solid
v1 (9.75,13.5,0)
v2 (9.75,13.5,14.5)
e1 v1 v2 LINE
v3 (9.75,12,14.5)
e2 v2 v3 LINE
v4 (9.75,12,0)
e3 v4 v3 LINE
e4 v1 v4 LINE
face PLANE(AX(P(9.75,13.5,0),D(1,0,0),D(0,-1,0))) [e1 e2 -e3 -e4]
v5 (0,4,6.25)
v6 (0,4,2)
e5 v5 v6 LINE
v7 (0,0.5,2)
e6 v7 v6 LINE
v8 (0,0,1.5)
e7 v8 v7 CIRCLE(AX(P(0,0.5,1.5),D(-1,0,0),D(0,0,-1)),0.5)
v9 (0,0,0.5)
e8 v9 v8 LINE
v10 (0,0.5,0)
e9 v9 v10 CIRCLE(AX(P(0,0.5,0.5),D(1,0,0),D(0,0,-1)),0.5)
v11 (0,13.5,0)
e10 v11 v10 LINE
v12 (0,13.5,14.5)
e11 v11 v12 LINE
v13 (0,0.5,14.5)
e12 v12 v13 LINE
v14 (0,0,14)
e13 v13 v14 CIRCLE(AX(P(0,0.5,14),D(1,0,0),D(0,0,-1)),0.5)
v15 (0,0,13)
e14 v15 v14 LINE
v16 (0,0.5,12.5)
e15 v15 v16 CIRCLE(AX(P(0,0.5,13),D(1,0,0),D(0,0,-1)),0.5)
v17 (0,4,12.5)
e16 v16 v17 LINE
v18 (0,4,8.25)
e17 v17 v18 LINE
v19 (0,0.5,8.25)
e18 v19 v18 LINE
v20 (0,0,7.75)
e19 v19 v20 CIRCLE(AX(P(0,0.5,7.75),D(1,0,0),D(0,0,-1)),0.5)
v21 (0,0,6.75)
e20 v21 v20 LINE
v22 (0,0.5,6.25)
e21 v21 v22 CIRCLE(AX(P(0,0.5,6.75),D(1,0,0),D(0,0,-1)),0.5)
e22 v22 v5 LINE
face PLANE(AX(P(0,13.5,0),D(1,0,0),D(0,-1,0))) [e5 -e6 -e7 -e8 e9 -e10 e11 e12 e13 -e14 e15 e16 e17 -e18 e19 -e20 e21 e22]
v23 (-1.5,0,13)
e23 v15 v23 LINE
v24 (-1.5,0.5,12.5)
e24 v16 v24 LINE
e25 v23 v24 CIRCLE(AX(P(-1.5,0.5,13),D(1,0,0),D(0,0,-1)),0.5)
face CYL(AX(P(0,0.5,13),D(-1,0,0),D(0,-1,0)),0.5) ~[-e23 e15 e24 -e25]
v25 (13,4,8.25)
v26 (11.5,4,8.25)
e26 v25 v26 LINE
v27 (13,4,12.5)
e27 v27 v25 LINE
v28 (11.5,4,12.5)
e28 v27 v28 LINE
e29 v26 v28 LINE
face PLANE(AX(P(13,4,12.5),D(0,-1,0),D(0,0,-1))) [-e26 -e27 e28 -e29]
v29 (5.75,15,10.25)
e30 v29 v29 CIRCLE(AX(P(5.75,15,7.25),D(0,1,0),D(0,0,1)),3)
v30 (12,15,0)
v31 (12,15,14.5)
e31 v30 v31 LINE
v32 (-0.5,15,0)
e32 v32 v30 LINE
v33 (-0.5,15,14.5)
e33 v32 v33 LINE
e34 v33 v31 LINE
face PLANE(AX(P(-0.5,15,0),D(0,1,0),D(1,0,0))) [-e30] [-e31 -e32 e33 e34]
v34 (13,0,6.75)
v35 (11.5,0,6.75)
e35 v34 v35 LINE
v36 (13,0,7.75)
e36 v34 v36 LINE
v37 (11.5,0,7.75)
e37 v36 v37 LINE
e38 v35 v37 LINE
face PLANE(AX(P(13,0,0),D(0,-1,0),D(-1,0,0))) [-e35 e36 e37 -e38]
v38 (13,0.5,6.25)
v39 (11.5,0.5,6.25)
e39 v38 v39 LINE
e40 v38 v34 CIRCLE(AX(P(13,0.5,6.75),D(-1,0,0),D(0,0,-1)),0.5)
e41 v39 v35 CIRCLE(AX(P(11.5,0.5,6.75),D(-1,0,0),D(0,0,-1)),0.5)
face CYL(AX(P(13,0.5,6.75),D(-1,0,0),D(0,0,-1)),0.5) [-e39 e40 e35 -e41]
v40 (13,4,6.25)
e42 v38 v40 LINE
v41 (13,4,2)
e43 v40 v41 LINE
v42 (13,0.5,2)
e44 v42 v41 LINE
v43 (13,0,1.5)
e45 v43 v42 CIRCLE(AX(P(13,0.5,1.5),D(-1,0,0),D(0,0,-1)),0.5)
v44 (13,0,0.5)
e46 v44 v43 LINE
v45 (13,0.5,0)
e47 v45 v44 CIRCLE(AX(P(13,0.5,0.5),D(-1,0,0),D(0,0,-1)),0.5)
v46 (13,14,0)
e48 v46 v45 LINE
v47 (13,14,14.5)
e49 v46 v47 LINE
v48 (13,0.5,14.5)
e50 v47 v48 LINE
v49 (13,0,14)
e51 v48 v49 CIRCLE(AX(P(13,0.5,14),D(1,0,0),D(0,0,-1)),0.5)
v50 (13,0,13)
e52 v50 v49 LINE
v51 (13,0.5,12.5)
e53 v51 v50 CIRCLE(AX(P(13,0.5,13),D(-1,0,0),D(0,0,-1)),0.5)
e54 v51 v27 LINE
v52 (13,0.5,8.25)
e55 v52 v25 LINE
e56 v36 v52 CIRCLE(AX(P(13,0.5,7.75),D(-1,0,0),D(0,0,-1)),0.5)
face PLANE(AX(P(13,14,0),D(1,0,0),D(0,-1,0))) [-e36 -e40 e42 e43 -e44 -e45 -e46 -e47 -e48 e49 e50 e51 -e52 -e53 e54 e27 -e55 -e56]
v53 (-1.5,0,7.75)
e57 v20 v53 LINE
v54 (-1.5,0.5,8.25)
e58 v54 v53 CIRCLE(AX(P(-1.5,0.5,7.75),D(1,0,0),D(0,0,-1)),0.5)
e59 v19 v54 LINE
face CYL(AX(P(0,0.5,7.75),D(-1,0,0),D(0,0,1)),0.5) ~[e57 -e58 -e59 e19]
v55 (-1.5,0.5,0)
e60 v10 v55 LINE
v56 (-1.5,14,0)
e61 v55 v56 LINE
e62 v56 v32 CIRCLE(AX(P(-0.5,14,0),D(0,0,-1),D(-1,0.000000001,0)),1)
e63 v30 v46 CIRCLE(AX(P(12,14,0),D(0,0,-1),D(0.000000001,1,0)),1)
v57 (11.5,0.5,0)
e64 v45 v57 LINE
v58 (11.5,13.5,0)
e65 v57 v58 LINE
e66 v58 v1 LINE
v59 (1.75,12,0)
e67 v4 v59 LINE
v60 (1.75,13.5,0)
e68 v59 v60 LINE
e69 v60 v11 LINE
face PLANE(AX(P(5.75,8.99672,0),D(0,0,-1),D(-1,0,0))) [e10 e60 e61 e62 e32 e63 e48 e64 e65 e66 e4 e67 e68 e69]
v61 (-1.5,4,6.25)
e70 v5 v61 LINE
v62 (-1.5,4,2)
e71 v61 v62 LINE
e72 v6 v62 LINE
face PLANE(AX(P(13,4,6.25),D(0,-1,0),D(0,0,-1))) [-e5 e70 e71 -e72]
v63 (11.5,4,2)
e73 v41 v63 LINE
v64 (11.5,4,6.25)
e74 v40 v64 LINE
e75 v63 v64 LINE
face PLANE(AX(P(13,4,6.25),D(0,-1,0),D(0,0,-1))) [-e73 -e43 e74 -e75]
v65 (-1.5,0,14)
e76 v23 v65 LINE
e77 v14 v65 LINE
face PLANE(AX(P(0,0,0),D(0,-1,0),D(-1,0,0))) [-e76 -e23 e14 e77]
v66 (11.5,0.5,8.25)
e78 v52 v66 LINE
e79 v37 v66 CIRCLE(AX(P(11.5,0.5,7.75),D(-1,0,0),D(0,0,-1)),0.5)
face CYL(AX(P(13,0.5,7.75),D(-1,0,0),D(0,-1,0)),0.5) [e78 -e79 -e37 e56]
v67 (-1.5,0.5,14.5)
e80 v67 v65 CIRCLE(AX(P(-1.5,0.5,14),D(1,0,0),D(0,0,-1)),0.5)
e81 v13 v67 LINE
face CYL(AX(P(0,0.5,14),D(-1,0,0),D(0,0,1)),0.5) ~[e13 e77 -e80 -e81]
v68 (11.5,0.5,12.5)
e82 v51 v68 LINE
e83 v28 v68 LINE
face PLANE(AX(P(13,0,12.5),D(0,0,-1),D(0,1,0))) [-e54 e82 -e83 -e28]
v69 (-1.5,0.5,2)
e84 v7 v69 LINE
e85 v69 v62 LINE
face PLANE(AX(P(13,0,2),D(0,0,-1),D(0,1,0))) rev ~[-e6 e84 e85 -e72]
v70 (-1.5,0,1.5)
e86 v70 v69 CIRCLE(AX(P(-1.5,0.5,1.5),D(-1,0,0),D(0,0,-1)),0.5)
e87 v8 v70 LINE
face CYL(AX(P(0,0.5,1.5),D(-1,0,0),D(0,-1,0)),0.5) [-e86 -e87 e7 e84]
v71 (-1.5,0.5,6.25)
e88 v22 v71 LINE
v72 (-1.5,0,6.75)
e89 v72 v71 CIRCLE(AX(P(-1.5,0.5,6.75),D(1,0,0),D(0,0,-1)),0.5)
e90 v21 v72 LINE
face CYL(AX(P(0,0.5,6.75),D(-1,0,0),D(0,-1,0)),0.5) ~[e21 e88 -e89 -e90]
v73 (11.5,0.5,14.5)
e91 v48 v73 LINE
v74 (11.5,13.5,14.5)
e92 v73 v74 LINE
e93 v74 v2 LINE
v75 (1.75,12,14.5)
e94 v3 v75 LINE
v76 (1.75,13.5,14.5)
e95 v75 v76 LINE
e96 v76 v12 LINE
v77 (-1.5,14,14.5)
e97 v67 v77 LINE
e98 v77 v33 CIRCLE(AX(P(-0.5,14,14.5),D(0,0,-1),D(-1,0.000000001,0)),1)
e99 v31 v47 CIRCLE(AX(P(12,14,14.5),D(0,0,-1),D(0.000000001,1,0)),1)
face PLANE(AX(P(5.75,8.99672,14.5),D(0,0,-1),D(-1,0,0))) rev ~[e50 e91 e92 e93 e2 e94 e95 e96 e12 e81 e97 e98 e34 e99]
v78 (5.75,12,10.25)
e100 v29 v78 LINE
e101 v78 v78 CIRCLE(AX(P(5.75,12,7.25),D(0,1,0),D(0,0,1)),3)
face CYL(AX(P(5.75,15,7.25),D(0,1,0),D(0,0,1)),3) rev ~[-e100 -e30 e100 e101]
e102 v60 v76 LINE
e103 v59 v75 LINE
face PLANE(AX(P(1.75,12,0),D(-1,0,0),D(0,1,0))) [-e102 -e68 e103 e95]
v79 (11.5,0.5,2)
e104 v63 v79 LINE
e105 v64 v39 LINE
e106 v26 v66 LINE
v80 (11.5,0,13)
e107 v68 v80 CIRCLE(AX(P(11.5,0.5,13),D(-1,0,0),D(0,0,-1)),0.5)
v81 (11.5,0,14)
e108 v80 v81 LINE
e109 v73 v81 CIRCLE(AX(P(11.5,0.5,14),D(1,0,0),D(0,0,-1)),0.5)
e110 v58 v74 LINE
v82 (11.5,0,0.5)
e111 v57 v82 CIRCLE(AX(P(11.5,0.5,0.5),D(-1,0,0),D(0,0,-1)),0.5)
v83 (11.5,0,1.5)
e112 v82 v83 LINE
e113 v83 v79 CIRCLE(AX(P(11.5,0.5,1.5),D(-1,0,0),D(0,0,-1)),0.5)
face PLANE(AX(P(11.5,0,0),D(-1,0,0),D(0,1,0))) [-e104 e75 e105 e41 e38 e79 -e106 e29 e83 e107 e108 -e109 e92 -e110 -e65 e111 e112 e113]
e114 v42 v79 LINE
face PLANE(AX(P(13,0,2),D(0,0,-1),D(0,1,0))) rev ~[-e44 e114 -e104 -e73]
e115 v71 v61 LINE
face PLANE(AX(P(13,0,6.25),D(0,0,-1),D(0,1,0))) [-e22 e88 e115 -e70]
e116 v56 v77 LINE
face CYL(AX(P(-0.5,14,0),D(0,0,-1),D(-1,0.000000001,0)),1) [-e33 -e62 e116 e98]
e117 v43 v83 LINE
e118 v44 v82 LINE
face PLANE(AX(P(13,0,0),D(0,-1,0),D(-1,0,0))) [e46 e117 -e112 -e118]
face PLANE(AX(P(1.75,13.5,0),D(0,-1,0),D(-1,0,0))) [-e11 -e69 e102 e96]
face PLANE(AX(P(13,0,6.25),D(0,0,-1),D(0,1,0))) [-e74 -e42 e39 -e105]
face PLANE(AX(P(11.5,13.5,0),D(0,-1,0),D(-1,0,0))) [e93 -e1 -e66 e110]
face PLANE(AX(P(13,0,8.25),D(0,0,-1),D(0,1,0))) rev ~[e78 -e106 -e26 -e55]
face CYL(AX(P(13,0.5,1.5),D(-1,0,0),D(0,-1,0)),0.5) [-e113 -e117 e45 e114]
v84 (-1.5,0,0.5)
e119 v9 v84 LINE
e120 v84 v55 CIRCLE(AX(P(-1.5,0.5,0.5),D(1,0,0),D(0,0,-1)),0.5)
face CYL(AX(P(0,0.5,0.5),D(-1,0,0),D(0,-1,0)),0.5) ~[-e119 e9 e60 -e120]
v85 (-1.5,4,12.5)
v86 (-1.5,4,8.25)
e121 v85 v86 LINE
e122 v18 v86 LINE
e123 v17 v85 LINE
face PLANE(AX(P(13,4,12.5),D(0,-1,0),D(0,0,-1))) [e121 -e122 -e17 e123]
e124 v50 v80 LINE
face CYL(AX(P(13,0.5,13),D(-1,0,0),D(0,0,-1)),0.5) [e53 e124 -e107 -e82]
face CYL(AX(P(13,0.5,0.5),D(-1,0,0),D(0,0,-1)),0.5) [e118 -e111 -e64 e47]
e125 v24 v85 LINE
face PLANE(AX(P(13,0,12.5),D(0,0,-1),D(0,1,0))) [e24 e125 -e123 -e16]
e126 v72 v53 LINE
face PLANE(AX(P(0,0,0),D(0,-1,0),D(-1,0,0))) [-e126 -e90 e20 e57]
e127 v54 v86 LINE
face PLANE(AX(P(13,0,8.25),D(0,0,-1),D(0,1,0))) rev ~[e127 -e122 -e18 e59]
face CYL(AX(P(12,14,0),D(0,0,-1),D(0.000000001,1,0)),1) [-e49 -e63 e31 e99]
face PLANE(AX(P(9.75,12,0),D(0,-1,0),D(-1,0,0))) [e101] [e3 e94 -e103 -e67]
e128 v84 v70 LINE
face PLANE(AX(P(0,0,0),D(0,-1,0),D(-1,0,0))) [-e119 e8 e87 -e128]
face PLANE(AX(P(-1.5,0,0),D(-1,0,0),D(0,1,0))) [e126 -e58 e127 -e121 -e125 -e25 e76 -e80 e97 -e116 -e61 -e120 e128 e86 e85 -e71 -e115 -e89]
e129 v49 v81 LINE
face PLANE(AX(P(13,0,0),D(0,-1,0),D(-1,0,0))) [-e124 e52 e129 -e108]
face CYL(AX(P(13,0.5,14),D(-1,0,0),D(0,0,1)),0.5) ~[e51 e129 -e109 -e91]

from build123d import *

# Parameters (mm, degrees)
BOSS_EXTRUDE1_DEPTH = 14.5
CUT_EXTRUDE1_REACH  = 27.407
SKETCH2_W           = 4.25
SKETCH2_H           = 4
FILLET1_R           = 0.5
SKETCH3_R           = 3
CUT_EXTRUDE2_DEPTH  = 3


with BuildPart() as part:
    # Sketch1 → Boss-Extrude1 (new body)
    with BuildSketch(Plane.XY):
        with BuildLine():
            Line((0, 0), (-1.5, 0))
            Line((-1.5, 0), (-1.5, 14))
            ThreePointArc((-1.5, 14), (-1.207106781, 14.707106781), (-0.5, 15))
            Line((-0.5, 15), (12, 15))
            ThreePointArc((12, 15), (12.707106781, 14.707106781), (13, 14))
            Line((13, 14), (13, 0))
            Line((13, 0), (11.5, 0))
            Line((11.5, 0), (11.5, 13.5))
            Line((11.5, 13.5), (9.75, 13.5))
            Line((9.75, 13.5), (9.75, 12))
            Line((9.75, 12), (1.75, 12))
            Line((1.75, 12), (1.75, 13.5))
            Line((1.75, 13.5), (0, 13.5))
            Line((0, 13.5), (0, 0))
        make_face()
    extrude(amount=BOSS_EXTRUDE1_DEPTH)

    # Cut-Extrude1: up to this face of the body (flat: up to its plane)
    cut_extrude1_end = Plane(part.part.faces().sort_by_distance((-1.5, 7, 7.25))[0])
    # Sketch2 → Cut-Extrude1 (cut, up to the picked face)
    with BuildSketch(Plane(origin=(13, 0, 0), x_dir=(0, 0, -1), z_dir=(1, 0, 0)), mode=Mode.PRIVATE) as cut_extrude1_sk1:
        with Locations((-10.375, 2)):
            Rectangle(SKETCH2_W, SKETCH2_H)
    cut_extrude1_tool1 = split(extrude(cut_extrude1_sk1.sketch, amount=-CUT_EXTRUDE1_REACH, mode=Mode.PRIVATE), bisect_by=cut_extrude1_end, keep=Keep.BOTH, mode=Mode.PRIVATE)
    # Sketch2 → Cut-Extrude1 (cut, up to the picked face)
    with BuildSketch(Plane(origin=(13, 0, 0), x_dir=(0, 0, -1), z_dir=(1, 0, 0)), mode=Mode.PRIVATE) as cut_extrude1_sk2:
        with Locations((-4.125, 2)):
            Rectangle(SKETCH2_W, SKETCH2_H)
    cut_extrude1_tool2 = split(extrude(cut_extrude1_sk2.sketch, amount=-CUT_EXTRUDE1_REACH, mode=Mode.PRIVATE), bisect_by=cut_extrude1_end, keep=Keep.BOTH, mode=Mode.PRIVATE)
    add(cut_extrude1_tool1.solids().sort_by(Axis((13, 2, 10.375), (-1, 0, 0)))[0], mode=Mode.SUBTRACT)
    add(cut_extrude1_tool2.solids().sort_by(Axis((13, 2, 4.125), (-1, 0, 0)))[0], mode=Mode.SUBTRACT)

    # Fillet1
    fillet1_edges = [part.edges().sort_by_distance(p)[0] for p in [
        (-0.75, 0, 0),
        (12.25, 0, 0),
        (12.25, 0, 14.5),
        (-0.75, 0, 14.5),
        (-0.75, 0, 8.25),
        (12.25, 0, 8.25),
        (-0.75, 0, 12.5),
        (12.25, 0, 12.5),
        (-0.75, 0, 2),
        (12.25, 0, 2),
        (-0.75, 0, 6.25),
        (12.25, 0, 6.25),
    ]]
    fillet(fillet1_edges, radius=FILLET1_R)

    # Sketch3 → Cut-Extrude2 (cut)
    with BuildSketch(Plane(origin=(0, 15, 0), x_dir=(1, 0, 0), z_dir=(0, 1, 0))):
        with Locations(Location((5.75, -7.25, 0), (0, 0, 270))):
            Circle(SKETCH3_R)
    extrude(amount=-CUT_EXTRUDE2_DEPTH, mode=Mode.SUBTRACT)


solid = part.part
